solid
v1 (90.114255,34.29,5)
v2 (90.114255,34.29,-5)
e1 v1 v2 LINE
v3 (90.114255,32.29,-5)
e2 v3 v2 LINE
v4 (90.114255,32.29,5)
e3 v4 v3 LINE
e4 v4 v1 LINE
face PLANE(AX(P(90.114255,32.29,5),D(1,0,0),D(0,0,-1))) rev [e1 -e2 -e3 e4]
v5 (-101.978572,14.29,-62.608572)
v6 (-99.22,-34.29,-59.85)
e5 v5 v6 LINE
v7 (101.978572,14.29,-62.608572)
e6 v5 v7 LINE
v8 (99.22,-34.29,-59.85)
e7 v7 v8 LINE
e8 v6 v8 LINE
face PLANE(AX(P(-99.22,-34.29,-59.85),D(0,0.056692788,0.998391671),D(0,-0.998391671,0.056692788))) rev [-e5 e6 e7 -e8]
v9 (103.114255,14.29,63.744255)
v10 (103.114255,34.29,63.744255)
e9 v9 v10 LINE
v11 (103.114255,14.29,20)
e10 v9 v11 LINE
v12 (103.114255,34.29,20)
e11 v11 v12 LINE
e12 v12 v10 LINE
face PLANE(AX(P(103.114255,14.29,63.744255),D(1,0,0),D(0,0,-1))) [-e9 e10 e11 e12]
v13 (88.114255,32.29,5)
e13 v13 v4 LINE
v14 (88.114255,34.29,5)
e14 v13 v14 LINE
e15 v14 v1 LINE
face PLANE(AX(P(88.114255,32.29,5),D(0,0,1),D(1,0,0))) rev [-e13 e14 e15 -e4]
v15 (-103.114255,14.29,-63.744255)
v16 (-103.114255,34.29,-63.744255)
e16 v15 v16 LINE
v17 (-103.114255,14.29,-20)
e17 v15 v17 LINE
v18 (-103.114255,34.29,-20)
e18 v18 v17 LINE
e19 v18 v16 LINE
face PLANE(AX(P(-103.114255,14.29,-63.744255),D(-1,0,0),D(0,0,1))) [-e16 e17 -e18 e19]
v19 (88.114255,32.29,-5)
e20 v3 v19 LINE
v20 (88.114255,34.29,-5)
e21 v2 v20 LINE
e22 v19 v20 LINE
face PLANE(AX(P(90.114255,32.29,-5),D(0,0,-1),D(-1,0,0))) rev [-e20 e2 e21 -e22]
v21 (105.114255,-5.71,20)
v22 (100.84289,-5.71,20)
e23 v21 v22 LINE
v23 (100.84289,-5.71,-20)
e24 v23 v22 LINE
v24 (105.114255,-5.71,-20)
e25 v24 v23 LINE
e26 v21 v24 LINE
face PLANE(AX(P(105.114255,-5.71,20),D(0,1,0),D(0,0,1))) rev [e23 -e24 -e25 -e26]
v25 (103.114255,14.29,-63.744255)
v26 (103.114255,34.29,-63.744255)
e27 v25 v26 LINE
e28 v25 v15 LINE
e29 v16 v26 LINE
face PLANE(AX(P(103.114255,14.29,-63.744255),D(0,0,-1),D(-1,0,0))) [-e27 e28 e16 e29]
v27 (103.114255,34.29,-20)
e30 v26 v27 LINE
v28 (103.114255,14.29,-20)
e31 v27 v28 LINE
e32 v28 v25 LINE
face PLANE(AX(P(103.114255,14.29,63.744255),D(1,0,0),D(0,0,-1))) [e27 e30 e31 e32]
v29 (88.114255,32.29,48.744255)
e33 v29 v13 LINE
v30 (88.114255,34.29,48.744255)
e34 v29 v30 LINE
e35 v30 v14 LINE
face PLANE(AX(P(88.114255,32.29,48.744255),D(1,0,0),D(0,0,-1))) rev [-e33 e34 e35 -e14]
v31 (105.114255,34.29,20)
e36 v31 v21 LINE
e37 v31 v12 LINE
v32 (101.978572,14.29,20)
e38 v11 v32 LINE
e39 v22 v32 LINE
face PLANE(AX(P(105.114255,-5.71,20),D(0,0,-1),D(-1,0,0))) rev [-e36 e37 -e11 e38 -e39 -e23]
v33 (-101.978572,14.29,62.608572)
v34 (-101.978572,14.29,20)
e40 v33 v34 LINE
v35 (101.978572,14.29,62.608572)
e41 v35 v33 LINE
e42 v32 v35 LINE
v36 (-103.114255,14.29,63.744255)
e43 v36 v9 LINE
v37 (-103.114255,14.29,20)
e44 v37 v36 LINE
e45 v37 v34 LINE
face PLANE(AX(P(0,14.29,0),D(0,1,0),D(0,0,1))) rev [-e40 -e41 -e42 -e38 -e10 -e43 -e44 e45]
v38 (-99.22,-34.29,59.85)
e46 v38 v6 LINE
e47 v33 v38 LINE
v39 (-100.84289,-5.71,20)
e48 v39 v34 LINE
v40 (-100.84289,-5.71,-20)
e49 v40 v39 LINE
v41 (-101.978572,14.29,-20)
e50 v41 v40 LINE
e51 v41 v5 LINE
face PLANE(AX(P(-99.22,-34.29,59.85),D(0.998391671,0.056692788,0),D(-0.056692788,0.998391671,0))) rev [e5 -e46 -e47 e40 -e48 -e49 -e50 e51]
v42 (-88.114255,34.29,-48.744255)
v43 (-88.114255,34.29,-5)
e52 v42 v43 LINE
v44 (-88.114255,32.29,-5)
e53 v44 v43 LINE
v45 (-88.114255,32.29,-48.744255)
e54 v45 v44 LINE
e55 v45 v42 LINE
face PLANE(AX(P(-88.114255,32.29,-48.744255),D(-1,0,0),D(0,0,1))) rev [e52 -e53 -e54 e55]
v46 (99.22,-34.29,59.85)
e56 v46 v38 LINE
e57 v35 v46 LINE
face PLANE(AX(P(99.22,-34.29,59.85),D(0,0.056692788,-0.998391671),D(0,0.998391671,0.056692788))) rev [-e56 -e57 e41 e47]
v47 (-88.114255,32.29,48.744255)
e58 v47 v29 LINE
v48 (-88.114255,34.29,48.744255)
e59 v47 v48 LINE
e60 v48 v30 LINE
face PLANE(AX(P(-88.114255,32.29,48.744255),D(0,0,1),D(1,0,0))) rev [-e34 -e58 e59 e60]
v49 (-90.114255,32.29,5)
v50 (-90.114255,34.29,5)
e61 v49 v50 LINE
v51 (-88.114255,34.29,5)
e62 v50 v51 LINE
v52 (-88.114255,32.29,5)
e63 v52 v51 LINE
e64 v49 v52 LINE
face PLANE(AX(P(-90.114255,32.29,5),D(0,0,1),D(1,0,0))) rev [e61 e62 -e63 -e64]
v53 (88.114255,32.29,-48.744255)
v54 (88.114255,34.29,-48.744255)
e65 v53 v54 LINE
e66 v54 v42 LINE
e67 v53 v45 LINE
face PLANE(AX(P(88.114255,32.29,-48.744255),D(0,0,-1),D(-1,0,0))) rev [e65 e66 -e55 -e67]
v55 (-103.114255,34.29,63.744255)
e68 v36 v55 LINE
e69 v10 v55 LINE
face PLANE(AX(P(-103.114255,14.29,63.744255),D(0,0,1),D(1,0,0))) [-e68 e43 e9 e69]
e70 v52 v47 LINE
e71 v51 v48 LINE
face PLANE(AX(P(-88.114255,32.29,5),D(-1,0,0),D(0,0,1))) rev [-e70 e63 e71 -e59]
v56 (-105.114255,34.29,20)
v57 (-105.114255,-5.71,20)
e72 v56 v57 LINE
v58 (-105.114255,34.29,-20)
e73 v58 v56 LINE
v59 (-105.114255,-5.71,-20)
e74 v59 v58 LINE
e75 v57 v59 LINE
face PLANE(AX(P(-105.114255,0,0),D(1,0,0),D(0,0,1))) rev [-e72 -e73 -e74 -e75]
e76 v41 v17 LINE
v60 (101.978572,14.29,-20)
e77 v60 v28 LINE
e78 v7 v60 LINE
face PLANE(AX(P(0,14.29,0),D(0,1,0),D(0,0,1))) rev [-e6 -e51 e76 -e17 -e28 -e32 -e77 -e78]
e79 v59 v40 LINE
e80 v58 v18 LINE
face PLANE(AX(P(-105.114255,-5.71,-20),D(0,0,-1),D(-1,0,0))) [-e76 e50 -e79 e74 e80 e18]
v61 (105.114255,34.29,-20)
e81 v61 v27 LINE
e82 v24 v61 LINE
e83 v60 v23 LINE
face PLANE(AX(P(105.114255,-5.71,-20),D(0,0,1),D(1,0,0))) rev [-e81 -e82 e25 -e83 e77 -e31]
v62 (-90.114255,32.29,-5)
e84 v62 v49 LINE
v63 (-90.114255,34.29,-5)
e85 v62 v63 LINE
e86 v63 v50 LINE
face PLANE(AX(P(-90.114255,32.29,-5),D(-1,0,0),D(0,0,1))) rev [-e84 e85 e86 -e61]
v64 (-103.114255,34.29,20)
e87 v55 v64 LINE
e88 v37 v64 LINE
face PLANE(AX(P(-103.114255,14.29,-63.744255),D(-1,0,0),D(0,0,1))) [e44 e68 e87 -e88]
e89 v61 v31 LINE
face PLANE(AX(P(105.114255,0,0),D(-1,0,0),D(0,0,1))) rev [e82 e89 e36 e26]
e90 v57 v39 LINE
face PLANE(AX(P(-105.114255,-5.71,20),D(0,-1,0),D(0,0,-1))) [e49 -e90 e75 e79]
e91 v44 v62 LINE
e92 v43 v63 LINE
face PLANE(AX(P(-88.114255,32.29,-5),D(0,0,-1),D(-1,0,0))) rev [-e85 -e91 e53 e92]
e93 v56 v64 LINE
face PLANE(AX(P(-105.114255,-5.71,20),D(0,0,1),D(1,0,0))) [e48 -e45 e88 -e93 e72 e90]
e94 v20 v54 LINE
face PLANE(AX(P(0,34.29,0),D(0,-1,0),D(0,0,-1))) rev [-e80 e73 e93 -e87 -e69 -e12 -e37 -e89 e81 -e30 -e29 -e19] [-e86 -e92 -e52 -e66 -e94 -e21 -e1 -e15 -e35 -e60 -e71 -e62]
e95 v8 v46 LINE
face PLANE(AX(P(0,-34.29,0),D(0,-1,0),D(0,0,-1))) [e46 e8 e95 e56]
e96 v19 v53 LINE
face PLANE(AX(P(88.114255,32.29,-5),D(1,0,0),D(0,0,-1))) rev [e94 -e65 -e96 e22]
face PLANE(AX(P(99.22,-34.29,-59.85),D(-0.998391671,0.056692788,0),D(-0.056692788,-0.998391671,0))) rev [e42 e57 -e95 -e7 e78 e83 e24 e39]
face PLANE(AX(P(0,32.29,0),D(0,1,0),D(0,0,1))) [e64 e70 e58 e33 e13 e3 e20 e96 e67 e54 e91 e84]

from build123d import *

# Parameters (mm, degrees)
SKETCH1_W           = 218.44
SKETCH1_H           = 139.7
BOSS_EXTRUDE1_DEPTH = 34.29
SKETCH2_W           = 238.44
SKETCH2_H           = 159.7
SKETCH2_W_2         = 198.44
SKETCH2_H_2         = 119.7
CUT_EXTRUDE1_DEPTH  = 172.72
CUT_EXTRUDE1_TAPER  = 3.25
SKETCH3_W           = 206.22850923
SKETCH3_H           = 127.48850923
BOSS_EXTRUDE2_DEPTH = 20
BOSS_EXTRUDE3_START = -20
SKETCH4_W           = 40
SKETCH4_H           = 40
BOSS_EXTRUDE3_DEPTH = 22
CUT_EXTRUDE2_DEPTH  = 2


with BuildPart() as part:
    # Sketch1 → Boss-Extrude1 (new body, symmetric)
    with BuildSketch(Plane(origin=(0, 0, 0), x_dir=(1, 0, 0), z_dir=(0, 1, 0))):
        Rectangle(SKETCH1_W, SKETCH1_H)
    extrude(amount=BOSS_EXTRUDE1_DEPTH, both=True)

    # Sketch2 → Cut-Extrude1 (cut)
    with BuildSketch(Plane.XZ.offset(34.29)):
        Rectangle(SKETCH2_W, SKETCH2_H)
        Rectangle(SKETCH2_W_2, SKETCH2_H_2, mode=Mode.SUBTRACT)
    extrude(amount=-CUT_EXTRUDE1_DEPTH, taper=CUT_EXTRUDE1_TAPER, mode=Mode.SUBTRACT)

    # Sketch3 → Boss-Extrude2 (add)
    with BuildSketch(Plane(origin=(0, 34.29, 0), x_dir=(1, 0, 0), z_dir=(0, 1, 0))):
        Rectangle(SKETCH3_W, SKETCH3_H)
    extrude(amount=-BOSS_EXTRUDE2_DEPTH)

    # Sketch4 → Boss-Extrude3 (add)
    with BuildSketch(Plane(origin=(103.114254615, 0, 0), x_dir=(0, 0, -1), z_dir=(1, 0, 0)).offset(BOSS_EXTRUDE3_START)):
        with Locations((0, 14.29)):
            Rectangle(SKETCH4_W, SKETCH4_H)
    boss_extrude3 = extrude(amount=BOSS_EXTRUDE3_DEPTH)

    # Mirror1: Boss-Extrude3 across plane
    add(boss_extrude3.mirror(Plane(origin=(0, 0, 0), x_dir=(0, 0, 1), z_dir=(1, 0, 0))))

    # Sketch5 → Cut-Extrude2 (cut)
    with BuildSketch(Plane(origin=(0, 34.29, 0), x_dir=(1, 0, 0), z_dir=(0, 1, 0))):
        Polygon((-88.114254615, 48.744254615), (-88.114254615, 5), (-90.114254615, 5), (-90.114254615, -5), (-88.114254615, -5), (-88.114254615, -48.744254615), (88.114254615, -48.744254615), (88.114254615, -5), (90.114254615, -5), (90.114254615, 5), (88.114254615, 5), (88.114254615, 48.744254615), align=None)
    extrude(amount=-CUT_EXTRUDE2_DEPTH, mode=Mode.SUBTRACT)


solid = part.part
